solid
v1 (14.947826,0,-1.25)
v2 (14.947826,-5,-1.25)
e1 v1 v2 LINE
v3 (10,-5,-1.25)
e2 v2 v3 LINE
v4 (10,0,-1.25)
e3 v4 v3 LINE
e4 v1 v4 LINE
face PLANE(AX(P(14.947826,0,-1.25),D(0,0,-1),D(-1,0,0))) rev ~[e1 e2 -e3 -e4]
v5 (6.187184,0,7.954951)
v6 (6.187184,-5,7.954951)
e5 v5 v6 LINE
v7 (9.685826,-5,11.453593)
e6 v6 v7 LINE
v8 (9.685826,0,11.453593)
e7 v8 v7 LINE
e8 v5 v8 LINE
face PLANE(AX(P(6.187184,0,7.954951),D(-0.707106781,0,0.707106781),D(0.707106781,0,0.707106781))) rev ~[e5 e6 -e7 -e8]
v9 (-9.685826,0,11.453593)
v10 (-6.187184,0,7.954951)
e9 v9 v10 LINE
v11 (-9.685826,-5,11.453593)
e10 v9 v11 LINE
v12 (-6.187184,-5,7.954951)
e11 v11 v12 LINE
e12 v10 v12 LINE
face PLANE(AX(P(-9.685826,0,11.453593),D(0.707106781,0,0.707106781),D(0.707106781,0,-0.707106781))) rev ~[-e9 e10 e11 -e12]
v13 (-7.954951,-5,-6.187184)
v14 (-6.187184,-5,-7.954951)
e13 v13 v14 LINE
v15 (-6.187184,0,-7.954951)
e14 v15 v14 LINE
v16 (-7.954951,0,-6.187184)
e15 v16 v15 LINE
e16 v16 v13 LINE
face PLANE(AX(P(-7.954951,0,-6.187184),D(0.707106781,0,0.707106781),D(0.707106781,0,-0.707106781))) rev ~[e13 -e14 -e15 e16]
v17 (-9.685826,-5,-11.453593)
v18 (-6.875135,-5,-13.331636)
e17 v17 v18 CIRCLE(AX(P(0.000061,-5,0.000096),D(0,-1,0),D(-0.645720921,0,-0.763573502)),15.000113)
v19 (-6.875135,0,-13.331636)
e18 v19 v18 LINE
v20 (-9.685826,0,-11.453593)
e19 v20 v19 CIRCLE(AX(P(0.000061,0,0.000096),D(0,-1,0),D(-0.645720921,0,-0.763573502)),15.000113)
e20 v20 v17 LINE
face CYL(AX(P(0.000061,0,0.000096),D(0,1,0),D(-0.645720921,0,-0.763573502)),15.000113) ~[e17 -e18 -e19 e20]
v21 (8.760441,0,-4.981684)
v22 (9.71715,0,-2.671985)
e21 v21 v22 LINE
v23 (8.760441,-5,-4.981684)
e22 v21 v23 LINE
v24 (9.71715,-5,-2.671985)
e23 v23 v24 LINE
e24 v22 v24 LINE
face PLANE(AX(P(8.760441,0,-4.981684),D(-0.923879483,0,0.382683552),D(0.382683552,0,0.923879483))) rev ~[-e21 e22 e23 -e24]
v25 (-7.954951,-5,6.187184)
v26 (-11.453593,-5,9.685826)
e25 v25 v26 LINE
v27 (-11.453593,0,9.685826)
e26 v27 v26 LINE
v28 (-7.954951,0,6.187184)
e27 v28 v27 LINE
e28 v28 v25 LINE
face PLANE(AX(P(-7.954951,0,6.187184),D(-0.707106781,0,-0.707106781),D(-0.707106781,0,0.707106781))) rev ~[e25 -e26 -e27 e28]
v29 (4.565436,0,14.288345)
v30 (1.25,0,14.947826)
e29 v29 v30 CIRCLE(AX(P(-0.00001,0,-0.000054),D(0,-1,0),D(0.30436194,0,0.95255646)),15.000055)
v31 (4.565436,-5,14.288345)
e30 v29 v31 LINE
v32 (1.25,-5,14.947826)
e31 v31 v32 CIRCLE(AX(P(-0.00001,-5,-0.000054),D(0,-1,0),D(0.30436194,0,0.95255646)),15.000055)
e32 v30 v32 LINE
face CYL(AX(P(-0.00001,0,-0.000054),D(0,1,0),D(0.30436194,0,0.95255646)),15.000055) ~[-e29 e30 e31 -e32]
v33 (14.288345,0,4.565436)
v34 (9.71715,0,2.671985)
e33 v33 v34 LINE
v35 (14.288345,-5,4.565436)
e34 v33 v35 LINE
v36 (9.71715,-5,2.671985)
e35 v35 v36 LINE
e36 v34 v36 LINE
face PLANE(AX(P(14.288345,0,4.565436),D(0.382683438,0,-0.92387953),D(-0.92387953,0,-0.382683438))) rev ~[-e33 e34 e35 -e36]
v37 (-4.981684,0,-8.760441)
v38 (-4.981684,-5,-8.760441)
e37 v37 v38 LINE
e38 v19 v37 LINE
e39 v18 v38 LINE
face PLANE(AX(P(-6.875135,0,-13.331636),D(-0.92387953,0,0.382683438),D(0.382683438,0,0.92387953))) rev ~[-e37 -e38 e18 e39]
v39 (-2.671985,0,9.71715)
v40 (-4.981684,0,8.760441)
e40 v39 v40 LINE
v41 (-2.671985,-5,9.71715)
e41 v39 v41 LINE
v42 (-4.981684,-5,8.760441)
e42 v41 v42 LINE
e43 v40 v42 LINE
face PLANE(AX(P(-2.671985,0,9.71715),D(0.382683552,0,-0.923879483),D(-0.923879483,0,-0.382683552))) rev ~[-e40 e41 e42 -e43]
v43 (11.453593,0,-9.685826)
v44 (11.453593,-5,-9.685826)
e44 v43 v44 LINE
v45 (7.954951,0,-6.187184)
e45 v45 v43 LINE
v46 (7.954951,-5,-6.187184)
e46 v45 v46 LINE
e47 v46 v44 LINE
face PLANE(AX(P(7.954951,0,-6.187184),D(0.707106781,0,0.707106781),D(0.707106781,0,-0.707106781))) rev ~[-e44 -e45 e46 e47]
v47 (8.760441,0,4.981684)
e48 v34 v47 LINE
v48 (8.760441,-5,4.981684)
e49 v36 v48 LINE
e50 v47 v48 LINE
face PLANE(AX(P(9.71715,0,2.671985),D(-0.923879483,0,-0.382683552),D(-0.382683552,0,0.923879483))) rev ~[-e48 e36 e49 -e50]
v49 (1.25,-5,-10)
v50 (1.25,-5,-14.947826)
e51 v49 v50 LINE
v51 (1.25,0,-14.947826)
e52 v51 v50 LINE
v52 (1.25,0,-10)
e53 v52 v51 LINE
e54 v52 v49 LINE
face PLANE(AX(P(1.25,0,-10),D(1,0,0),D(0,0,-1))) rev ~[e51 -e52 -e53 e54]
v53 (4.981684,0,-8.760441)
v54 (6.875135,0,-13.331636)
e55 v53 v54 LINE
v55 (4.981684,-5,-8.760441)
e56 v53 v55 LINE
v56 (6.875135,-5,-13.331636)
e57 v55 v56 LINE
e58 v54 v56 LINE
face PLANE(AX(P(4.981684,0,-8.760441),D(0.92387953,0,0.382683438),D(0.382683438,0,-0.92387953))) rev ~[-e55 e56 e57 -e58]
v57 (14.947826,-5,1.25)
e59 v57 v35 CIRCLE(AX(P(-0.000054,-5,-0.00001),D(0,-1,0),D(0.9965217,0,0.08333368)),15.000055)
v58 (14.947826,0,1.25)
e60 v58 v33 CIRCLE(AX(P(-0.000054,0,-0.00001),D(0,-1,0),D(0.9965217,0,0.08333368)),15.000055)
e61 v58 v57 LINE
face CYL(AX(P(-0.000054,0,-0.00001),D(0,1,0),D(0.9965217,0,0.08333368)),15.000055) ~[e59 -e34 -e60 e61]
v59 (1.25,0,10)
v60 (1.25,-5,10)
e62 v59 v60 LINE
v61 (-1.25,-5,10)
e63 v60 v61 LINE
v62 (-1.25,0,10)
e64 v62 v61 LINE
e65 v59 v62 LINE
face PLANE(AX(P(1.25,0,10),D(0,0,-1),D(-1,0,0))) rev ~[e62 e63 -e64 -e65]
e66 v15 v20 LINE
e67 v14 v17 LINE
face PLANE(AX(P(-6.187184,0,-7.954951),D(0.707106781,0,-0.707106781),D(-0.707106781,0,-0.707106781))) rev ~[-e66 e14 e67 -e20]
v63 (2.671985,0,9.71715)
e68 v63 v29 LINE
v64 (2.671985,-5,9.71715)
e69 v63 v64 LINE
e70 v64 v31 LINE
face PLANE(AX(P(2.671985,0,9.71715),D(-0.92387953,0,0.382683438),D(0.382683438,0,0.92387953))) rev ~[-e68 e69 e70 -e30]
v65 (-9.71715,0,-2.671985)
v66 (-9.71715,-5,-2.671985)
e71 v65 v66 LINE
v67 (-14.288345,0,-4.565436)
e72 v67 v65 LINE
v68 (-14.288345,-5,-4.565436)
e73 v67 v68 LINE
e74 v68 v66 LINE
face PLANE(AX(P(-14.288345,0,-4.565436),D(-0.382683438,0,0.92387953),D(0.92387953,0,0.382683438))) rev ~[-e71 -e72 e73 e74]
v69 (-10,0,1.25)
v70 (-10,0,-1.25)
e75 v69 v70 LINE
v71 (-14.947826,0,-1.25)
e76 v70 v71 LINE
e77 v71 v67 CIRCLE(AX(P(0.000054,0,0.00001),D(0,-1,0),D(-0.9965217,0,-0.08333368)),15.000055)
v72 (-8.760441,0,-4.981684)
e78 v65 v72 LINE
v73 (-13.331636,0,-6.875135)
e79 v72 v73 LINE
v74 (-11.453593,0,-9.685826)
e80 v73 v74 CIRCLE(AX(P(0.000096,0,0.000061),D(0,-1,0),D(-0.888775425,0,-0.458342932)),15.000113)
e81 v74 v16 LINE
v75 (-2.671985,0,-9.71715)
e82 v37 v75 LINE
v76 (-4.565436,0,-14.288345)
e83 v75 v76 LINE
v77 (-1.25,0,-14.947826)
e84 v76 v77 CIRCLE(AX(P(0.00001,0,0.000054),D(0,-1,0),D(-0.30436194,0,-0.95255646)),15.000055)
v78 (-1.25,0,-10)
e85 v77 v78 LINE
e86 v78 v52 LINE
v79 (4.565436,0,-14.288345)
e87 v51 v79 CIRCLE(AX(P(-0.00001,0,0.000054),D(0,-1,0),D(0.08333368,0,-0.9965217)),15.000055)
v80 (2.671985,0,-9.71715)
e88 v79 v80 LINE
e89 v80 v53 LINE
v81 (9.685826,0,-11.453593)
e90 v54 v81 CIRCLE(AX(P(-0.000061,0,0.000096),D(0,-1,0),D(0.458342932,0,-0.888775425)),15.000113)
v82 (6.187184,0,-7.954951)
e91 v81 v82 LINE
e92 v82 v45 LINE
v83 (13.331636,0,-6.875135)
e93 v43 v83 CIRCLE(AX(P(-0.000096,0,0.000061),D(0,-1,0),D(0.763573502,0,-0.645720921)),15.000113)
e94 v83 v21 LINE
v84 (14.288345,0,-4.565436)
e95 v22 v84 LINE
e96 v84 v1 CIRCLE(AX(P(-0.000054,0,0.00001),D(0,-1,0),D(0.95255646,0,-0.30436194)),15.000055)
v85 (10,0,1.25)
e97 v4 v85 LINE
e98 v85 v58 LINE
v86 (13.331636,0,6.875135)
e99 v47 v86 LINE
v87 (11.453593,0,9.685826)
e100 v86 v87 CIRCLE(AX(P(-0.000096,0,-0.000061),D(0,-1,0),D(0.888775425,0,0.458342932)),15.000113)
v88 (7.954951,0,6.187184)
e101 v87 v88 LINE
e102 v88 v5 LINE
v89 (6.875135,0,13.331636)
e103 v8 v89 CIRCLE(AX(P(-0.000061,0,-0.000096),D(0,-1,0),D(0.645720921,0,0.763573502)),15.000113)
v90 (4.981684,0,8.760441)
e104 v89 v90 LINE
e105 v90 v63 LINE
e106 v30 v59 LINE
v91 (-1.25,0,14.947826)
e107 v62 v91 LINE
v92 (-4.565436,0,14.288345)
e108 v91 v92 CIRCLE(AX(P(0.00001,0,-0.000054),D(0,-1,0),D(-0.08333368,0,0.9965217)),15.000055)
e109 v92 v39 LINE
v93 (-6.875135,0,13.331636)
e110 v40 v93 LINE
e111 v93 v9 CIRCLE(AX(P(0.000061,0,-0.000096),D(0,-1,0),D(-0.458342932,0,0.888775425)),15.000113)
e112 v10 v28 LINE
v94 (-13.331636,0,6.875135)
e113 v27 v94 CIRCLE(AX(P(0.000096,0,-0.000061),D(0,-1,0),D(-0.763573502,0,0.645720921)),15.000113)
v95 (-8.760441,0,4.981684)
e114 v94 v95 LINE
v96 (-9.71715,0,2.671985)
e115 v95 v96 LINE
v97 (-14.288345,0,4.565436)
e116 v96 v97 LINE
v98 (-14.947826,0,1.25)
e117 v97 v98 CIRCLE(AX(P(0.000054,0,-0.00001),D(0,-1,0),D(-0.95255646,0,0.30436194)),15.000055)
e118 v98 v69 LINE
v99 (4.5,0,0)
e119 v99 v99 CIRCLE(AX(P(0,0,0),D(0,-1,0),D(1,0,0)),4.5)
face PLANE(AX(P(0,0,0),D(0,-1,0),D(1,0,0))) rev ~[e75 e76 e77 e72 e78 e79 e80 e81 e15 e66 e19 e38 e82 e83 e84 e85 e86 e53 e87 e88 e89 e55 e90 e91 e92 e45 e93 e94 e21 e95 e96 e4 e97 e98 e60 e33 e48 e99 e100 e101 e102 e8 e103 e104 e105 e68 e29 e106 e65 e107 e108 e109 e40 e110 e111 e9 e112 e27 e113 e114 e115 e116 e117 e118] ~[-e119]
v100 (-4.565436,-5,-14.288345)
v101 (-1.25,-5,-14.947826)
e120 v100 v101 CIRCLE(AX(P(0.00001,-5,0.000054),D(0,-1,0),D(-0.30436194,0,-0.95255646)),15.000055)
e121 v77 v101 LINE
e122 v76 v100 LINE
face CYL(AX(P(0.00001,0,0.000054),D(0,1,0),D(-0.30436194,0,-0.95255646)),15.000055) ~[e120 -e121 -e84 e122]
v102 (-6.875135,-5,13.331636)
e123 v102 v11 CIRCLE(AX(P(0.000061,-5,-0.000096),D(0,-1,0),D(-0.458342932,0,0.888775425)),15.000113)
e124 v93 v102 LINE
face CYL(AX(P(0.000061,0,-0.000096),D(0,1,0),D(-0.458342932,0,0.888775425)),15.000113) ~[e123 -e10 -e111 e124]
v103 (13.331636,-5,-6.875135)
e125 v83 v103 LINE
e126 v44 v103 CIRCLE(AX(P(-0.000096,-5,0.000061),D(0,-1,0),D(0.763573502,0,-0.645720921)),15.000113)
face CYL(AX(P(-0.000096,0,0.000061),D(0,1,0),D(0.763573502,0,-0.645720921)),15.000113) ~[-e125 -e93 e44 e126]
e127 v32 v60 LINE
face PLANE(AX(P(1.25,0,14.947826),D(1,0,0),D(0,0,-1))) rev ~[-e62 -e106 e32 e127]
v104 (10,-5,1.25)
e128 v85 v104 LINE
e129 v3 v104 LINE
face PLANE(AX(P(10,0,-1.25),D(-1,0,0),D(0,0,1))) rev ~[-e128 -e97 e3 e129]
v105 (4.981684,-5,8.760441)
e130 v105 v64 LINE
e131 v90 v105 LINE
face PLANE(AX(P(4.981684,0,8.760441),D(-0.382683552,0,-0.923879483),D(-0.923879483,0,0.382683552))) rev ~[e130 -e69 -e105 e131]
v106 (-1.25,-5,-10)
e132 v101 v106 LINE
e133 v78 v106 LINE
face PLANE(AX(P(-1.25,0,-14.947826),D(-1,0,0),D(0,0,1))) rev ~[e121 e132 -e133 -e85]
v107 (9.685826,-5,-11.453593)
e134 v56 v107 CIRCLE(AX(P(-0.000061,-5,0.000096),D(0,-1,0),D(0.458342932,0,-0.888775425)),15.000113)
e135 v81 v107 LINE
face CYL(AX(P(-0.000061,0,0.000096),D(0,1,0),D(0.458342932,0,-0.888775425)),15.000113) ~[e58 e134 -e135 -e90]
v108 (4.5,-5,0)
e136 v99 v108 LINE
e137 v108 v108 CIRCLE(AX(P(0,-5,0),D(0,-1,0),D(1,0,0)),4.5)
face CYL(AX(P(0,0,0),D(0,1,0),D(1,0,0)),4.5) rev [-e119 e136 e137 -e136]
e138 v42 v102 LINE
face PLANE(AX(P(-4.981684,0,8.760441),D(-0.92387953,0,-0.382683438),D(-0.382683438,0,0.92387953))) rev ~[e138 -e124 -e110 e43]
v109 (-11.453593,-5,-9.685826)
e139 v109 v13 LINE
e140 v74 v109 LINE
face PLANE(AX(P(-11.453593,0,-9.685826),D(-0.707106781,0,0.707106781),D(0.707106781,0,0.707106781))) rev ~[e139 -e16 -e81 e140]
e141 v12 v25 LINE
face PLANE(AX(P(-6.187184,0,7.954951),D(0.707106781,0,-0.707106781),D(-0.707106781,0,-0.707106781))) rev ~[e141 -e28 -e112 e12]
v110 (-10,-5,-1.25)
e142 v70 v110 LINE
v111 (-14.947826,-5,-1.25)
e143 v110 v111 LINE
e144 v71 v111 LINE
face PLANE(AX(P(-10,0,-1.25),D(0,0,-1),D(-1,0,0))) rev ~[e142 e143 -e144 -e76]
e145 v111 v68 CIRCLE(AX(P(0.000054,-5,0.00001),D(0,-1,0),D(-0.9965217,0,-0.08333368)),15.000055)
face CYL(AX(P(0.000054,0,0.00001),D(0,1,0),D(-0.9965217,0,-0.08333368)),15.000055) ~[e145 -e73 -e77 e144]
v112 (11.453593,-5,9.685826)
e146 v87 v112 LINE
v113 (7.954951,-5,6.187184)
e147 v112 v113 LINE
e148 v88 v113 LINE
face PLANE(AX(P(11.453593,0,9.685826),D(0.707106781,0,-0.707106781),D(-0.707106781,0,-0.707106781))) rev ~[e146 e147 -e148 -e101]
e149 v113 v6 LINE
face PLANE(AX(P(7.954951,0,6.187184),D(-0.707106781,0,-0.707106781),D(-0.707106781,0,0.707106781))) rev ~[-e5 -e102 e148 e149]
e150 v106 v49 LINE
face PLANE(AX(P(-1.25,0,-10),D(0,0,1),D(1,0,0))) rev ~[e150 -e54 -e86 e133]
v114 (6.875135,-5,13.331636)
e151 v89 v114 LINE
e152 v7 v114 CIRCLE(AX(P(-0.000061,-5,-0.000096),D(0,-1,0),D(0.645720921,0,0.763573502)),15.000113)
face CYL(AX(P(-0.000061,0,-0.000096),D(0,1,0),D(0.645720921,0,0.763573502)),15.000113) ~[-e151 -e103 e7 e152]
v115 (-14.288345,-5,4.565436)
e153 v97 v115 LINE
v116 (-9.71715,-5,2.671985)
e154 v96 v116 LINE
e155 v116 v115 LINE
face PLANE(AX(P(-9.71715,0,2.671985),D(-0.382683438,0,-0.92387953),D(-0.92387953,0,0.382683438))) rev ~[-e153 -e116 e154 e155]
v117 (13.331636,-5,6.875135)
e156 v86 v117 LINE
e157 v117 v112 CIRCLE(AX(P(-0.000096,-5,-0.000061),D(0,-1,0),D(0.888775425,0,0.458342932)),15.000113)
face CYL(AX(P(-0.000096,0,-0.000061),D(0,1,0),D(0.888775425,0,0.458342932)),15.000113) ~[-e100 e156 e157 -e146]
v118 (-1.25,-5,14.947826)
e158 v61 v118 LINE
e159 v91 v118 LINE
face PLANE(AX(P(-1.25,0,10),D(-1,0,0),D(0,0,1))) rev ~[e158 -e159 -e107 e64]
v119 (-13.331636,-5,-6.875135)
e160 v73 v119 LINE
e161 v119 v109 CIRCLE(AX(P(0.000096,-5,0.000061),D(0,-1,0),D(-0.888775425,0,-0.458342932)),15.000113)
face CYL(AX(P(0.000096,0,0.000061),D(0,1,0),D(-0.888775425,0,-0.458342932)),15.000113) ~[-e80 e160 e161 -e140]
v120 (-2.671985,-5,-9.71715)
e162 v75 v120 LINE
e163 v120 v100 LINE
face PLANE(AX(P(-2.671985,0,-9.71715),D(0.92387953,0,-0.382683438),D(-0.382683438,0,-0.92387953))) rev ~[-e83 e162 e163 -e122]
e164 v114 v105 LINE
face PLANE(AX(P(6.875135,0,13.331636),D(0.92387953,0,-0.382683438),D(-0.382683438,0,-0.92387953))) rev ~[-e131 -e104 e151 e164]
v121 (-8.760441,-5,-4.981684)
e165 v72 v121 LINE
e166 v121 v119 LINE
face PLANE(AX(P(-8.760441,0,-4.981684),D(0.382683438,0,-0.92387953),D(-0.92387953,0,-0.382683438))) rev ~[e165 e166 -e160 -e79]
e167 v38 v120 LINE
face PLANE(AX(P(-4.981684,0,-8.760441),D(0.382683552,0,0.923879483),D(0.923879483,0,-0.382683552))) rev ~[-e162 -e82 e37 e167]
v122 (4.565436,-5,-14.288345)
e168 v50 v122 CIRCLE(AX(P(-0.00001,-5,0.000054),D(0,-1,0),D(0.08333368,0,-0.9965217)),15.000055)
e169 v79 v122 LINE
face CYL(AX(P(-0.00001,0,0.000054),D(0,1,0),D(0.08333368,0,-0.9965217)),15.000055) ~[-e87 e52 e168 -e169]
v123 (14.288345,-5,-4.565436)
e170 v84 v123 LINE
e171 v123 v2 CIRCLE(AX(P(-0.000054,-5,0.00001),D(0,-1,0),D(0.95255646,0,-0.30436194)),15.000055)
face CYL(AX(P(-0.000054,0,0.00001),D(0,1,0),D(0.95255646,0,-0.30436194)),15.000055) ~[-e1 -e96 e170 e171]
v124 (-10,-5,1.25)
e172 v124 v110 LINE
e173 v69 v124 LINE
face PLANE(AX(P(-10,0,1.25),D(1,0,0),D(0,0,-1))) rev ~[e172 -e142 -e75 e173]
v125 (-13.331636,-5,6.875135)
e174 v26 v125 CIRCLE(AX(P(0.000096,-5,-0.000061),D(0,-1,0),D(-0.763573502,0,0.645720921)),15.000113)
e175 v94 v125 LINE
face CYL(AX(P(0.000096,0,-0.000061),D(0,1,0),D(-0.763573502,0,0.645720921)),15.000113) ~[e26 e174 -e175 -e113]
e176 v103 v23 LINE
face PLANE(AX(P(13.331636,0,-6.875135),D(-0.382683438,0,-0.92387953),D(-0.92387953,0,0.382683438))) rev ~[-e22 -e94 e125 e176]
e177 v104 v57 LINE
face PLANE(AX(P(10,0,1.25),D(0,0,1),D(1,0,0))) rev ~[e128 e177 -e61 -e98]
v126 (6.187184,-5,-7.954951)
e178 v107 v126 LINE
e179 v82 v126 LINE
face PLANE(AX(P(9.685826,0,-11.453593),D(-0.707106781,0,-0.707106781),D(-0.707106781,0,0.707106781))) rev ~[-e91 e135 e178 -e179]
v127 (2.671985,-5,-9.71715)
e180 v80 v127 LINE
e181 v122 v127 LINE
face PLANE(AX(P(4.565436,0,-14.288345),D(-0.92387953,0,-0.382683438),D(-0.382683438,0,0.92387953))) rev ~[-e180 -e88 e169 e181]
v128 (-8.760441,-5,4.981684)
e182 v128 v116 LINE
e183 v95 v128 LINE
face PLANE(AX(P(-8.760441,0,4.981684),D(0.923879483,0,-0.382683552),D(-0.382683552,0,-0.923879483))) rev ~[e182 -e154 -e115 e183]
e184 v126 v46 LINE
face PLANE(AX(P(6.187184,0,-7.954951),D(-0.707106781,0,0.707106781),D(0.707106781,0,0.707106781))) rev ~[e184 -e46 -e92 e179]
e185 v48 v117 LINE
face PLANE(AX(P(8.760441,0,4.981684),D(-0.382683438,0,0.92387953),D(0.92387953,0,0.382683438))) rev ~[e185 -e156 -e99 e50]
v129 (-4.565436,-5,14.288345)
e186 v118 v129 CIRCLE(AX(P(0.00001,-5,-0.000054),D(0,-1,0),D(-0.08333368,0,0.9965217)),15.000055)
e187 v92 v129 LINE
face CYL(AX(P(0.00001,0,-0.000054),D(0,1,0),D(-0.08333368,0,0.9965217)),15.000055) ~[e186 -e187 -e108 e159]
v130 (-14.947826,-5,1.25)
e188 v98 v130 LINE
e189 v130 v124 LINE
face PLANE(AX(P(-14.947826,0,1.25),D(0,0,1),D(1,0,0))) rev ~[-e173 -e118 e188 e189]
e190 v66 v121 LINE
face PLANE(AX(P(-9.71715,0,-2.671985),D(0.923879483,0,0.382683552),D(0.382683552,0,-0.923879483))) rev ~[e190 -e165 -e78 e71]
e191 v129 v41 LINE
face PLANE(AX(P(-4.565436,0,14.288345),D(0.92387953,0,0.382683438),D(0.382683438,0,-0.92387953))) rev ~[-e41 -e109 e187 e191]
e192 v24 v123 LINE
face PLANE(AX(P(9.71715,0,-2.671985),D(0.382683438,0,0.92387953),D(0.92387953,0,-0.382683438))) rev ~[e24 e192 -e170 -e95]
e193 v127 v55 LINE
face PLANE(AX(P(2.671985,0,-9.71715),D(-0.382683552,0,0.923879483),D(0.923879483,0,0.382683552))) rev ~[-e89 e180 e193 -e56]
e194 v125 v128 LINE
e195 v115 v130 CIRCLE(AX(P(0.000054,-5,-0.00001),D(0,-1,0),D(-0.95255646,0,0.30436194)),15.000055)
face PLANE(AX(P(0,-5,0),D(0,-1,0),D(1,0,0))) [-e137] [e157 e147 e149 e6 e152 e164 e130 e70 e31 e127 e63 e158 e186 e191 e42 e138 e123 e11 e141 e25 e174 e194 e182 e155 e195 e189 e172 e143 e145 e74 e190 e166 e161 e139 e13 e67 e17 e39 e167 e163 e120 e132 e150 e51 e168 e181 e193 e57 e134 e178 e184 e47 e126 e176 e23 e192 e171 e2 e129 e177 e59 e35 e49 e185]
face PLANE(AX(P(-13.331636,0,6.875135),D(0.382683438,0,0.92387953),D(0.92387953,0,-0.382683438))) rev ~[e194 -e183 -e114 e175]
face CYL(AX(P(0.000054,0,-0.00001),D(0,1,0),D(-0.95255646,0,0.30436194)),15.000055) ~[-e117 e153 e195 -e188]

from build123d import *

# Parameters (mm, degrees)
F0_R     = 4.5
F1_DEPTH = 5


with BuildPart() as f1:
    # F0 (on Front) → F1 (new body)
    with BuildSketch(Plane.XZ):
        with BuildLine():
            Line((10, 1.25), (14.947826, 1.25))
            ThreePointArc((14.947826, 1.25), (14.711779, 2.926355), (14.288345, 4.565436))
            Line((14.288345, 4.565436), (9.71715, 2.671985))
            Line((9.71715, 2.671985), (8.760441, 4.981684))
            Line((8.760441, 4.981684), (13.331636, 6.875135))
            ThreePointArc((13.331636, 6.875135), (12.472044, 8.333553), (11.453593, 9.685826))
            Line((11.453593, 9.685826), (7.954951, 6.187184))
            Line((7.954951, 6.187184), (6.187184, 7.954951))
            Line((6.187184, 7.954951), (9.685826, 11.453593))
            ThreePointArc((9.685826, 11.453593), (8.333553, 12.472044), (6.875135, 13.331636))
            Line((6.875135, 13.331636), (4.981684, 8.760441))
            Line((4.981684, 8.760441), (2.671985, 9.71715))
            Line((2.671985, 9.71715), (4.565436, 14.288345))
            ThreePointArc((4.565436, 14.288345), (2.926355, 14.711779), (1.25, 14.947826))
            Line((1.25, 14.947826), (1.25, 10))
            Line((1.25, 10), (-1.25, 10))
            Line((-1.25, 10), (-1.25, 14.947826))
            ThreePointArc((-1.25, 14.947826), (-2.926355, 14.711779), (-4.565436, 14.288345))
            Line((-4.565436, 14.288345), (-2.671985, 9.71715))
            Line((-2.671985, 9.71715), (-4.981684, 8.760441))
            Line((-4.981684, 8.760441), (-6.875135, 13.331636))
            ThreePointArc((-6.875135, 13.331636), (-8.333553, 12.472044), (-9.685826, 11.453593))
            Line((-9.685826, 11.453593), (-6.187184, 7.954951))
            Line((-6.187184, 7.954951), (-7.954951, 6.187184))
            Line((-7.954951, 6.187184), (-11.453593, 9.685826))
            ThreePointArc((-11.453593, 9.685826), (-12.472044, 8.333553), (-13.331636, 6.875135))
            Line((-13.331636, 6.875135), (-8.760441, 4.981684))
            Line((-8.760441, 4.981684), (-9.71715, 2.671985))
            Line((-9.71715, 2.671985), (-14.288345, 4.565436))
            ThreePointArc((-14.288345, 4.565436), (-14.711779, 2.926355), (-14.947826, 1.25))
            Line((-14.947826, 1.25), (-10, 1.25))
            Line((-10, 1.25), (-10, -1.25))
            Line((-10, -1.25), (-14.947826, -1.25))
            ThreePointArc((-14.947826, -1.25), (-14.711779, -2.926355), (-14.288345, -4.565436))
            Line((-14.288345, -4.565436), (-9.71715, -2.671985))
            Line((-9.71715, -2.671985), (-8.760441, -4.981684))
            Line((-8.760441, -4.981684), (-13.331636, -6.875135))
            ThreePointArc((-13.331636, -6.875135), (-12.472044, -8.333553), (-11.453593, -9.685826))
            Line((-11.453593, -9.685826), (-7.954951, -6.187184))
            Line((-7.954951, -6.187184), (-6.187184, -7.954951))
            Line((-6.187184, -7.954951), (-9.685826, -11.453593))
            ThreePointArc((-9.685826, -11.453593), (-8.333553, -12.472044), (-6.875135, -13.331636))
            Line((-6.875135, -13.331636), (-4.981684, -8.760441))
            Line((-4.981684, -8.760441), (-2.671985, -9.71715))
            Line((-2.671985, -9.71715), (-4.565436, -14.288345))
            ThreePointArc((-4.565436, -14.288345), (-2.926355, -14.711779), (-1.25, -14.947826))
            Line((-1.25, -14.947826), (-1.25, -10))
            Line((-1.25, -10), (1.25, -10))
            Line((1.25, -10), (1.25, -14.947826))
            ThreePointArc((1.25, -14.947826), (2.926355, -14.711779), (4.565436, -14.288345))
            Line((4.565436, -14.288345), (2.671985, -9.71715))
            Line((2.671985, -9.71715), (4.981684, -8.760441))
            Line((4.981684, -8.760441), (6.875135, -13.331636))
            ThreePointArc((6.875135, -13.331636), (8.333553, -12.472044), (9.685826, -11.453593))
            Line((9.685826, -11.453593), (6.187184, -7.954951))
            Line((6.187184, -7.954951), (7.954951, -6.187184))
            Line((7.954951, -6.187184), (11.453593, -9.685826))
            ThreePointArc((11.453593, -9.685826), (12.472044, -8.333553), (13.331636, -6.875135))
            Line((13.331636, -6.875135), (8.760441, -4.981684))
            Line((8.760441, -4.981684), (9.71715, -2.671985))
            Line((9.71715, -2.671985), (14.288345, -4.565436))
            ThreePointArc((14.288345, -4.565436), (14.711779, -2.926355), (14.947826, -1.25))
            Line((14.947826, -1.25), (10, -1.25))
            Line((10, -1.25), (10, 1.25))
        make_face()
        Circle(F0_R, mode=Mode.SUBTRACT)
    extrude(amount=F1_DEPTH)


solid = f1.part
